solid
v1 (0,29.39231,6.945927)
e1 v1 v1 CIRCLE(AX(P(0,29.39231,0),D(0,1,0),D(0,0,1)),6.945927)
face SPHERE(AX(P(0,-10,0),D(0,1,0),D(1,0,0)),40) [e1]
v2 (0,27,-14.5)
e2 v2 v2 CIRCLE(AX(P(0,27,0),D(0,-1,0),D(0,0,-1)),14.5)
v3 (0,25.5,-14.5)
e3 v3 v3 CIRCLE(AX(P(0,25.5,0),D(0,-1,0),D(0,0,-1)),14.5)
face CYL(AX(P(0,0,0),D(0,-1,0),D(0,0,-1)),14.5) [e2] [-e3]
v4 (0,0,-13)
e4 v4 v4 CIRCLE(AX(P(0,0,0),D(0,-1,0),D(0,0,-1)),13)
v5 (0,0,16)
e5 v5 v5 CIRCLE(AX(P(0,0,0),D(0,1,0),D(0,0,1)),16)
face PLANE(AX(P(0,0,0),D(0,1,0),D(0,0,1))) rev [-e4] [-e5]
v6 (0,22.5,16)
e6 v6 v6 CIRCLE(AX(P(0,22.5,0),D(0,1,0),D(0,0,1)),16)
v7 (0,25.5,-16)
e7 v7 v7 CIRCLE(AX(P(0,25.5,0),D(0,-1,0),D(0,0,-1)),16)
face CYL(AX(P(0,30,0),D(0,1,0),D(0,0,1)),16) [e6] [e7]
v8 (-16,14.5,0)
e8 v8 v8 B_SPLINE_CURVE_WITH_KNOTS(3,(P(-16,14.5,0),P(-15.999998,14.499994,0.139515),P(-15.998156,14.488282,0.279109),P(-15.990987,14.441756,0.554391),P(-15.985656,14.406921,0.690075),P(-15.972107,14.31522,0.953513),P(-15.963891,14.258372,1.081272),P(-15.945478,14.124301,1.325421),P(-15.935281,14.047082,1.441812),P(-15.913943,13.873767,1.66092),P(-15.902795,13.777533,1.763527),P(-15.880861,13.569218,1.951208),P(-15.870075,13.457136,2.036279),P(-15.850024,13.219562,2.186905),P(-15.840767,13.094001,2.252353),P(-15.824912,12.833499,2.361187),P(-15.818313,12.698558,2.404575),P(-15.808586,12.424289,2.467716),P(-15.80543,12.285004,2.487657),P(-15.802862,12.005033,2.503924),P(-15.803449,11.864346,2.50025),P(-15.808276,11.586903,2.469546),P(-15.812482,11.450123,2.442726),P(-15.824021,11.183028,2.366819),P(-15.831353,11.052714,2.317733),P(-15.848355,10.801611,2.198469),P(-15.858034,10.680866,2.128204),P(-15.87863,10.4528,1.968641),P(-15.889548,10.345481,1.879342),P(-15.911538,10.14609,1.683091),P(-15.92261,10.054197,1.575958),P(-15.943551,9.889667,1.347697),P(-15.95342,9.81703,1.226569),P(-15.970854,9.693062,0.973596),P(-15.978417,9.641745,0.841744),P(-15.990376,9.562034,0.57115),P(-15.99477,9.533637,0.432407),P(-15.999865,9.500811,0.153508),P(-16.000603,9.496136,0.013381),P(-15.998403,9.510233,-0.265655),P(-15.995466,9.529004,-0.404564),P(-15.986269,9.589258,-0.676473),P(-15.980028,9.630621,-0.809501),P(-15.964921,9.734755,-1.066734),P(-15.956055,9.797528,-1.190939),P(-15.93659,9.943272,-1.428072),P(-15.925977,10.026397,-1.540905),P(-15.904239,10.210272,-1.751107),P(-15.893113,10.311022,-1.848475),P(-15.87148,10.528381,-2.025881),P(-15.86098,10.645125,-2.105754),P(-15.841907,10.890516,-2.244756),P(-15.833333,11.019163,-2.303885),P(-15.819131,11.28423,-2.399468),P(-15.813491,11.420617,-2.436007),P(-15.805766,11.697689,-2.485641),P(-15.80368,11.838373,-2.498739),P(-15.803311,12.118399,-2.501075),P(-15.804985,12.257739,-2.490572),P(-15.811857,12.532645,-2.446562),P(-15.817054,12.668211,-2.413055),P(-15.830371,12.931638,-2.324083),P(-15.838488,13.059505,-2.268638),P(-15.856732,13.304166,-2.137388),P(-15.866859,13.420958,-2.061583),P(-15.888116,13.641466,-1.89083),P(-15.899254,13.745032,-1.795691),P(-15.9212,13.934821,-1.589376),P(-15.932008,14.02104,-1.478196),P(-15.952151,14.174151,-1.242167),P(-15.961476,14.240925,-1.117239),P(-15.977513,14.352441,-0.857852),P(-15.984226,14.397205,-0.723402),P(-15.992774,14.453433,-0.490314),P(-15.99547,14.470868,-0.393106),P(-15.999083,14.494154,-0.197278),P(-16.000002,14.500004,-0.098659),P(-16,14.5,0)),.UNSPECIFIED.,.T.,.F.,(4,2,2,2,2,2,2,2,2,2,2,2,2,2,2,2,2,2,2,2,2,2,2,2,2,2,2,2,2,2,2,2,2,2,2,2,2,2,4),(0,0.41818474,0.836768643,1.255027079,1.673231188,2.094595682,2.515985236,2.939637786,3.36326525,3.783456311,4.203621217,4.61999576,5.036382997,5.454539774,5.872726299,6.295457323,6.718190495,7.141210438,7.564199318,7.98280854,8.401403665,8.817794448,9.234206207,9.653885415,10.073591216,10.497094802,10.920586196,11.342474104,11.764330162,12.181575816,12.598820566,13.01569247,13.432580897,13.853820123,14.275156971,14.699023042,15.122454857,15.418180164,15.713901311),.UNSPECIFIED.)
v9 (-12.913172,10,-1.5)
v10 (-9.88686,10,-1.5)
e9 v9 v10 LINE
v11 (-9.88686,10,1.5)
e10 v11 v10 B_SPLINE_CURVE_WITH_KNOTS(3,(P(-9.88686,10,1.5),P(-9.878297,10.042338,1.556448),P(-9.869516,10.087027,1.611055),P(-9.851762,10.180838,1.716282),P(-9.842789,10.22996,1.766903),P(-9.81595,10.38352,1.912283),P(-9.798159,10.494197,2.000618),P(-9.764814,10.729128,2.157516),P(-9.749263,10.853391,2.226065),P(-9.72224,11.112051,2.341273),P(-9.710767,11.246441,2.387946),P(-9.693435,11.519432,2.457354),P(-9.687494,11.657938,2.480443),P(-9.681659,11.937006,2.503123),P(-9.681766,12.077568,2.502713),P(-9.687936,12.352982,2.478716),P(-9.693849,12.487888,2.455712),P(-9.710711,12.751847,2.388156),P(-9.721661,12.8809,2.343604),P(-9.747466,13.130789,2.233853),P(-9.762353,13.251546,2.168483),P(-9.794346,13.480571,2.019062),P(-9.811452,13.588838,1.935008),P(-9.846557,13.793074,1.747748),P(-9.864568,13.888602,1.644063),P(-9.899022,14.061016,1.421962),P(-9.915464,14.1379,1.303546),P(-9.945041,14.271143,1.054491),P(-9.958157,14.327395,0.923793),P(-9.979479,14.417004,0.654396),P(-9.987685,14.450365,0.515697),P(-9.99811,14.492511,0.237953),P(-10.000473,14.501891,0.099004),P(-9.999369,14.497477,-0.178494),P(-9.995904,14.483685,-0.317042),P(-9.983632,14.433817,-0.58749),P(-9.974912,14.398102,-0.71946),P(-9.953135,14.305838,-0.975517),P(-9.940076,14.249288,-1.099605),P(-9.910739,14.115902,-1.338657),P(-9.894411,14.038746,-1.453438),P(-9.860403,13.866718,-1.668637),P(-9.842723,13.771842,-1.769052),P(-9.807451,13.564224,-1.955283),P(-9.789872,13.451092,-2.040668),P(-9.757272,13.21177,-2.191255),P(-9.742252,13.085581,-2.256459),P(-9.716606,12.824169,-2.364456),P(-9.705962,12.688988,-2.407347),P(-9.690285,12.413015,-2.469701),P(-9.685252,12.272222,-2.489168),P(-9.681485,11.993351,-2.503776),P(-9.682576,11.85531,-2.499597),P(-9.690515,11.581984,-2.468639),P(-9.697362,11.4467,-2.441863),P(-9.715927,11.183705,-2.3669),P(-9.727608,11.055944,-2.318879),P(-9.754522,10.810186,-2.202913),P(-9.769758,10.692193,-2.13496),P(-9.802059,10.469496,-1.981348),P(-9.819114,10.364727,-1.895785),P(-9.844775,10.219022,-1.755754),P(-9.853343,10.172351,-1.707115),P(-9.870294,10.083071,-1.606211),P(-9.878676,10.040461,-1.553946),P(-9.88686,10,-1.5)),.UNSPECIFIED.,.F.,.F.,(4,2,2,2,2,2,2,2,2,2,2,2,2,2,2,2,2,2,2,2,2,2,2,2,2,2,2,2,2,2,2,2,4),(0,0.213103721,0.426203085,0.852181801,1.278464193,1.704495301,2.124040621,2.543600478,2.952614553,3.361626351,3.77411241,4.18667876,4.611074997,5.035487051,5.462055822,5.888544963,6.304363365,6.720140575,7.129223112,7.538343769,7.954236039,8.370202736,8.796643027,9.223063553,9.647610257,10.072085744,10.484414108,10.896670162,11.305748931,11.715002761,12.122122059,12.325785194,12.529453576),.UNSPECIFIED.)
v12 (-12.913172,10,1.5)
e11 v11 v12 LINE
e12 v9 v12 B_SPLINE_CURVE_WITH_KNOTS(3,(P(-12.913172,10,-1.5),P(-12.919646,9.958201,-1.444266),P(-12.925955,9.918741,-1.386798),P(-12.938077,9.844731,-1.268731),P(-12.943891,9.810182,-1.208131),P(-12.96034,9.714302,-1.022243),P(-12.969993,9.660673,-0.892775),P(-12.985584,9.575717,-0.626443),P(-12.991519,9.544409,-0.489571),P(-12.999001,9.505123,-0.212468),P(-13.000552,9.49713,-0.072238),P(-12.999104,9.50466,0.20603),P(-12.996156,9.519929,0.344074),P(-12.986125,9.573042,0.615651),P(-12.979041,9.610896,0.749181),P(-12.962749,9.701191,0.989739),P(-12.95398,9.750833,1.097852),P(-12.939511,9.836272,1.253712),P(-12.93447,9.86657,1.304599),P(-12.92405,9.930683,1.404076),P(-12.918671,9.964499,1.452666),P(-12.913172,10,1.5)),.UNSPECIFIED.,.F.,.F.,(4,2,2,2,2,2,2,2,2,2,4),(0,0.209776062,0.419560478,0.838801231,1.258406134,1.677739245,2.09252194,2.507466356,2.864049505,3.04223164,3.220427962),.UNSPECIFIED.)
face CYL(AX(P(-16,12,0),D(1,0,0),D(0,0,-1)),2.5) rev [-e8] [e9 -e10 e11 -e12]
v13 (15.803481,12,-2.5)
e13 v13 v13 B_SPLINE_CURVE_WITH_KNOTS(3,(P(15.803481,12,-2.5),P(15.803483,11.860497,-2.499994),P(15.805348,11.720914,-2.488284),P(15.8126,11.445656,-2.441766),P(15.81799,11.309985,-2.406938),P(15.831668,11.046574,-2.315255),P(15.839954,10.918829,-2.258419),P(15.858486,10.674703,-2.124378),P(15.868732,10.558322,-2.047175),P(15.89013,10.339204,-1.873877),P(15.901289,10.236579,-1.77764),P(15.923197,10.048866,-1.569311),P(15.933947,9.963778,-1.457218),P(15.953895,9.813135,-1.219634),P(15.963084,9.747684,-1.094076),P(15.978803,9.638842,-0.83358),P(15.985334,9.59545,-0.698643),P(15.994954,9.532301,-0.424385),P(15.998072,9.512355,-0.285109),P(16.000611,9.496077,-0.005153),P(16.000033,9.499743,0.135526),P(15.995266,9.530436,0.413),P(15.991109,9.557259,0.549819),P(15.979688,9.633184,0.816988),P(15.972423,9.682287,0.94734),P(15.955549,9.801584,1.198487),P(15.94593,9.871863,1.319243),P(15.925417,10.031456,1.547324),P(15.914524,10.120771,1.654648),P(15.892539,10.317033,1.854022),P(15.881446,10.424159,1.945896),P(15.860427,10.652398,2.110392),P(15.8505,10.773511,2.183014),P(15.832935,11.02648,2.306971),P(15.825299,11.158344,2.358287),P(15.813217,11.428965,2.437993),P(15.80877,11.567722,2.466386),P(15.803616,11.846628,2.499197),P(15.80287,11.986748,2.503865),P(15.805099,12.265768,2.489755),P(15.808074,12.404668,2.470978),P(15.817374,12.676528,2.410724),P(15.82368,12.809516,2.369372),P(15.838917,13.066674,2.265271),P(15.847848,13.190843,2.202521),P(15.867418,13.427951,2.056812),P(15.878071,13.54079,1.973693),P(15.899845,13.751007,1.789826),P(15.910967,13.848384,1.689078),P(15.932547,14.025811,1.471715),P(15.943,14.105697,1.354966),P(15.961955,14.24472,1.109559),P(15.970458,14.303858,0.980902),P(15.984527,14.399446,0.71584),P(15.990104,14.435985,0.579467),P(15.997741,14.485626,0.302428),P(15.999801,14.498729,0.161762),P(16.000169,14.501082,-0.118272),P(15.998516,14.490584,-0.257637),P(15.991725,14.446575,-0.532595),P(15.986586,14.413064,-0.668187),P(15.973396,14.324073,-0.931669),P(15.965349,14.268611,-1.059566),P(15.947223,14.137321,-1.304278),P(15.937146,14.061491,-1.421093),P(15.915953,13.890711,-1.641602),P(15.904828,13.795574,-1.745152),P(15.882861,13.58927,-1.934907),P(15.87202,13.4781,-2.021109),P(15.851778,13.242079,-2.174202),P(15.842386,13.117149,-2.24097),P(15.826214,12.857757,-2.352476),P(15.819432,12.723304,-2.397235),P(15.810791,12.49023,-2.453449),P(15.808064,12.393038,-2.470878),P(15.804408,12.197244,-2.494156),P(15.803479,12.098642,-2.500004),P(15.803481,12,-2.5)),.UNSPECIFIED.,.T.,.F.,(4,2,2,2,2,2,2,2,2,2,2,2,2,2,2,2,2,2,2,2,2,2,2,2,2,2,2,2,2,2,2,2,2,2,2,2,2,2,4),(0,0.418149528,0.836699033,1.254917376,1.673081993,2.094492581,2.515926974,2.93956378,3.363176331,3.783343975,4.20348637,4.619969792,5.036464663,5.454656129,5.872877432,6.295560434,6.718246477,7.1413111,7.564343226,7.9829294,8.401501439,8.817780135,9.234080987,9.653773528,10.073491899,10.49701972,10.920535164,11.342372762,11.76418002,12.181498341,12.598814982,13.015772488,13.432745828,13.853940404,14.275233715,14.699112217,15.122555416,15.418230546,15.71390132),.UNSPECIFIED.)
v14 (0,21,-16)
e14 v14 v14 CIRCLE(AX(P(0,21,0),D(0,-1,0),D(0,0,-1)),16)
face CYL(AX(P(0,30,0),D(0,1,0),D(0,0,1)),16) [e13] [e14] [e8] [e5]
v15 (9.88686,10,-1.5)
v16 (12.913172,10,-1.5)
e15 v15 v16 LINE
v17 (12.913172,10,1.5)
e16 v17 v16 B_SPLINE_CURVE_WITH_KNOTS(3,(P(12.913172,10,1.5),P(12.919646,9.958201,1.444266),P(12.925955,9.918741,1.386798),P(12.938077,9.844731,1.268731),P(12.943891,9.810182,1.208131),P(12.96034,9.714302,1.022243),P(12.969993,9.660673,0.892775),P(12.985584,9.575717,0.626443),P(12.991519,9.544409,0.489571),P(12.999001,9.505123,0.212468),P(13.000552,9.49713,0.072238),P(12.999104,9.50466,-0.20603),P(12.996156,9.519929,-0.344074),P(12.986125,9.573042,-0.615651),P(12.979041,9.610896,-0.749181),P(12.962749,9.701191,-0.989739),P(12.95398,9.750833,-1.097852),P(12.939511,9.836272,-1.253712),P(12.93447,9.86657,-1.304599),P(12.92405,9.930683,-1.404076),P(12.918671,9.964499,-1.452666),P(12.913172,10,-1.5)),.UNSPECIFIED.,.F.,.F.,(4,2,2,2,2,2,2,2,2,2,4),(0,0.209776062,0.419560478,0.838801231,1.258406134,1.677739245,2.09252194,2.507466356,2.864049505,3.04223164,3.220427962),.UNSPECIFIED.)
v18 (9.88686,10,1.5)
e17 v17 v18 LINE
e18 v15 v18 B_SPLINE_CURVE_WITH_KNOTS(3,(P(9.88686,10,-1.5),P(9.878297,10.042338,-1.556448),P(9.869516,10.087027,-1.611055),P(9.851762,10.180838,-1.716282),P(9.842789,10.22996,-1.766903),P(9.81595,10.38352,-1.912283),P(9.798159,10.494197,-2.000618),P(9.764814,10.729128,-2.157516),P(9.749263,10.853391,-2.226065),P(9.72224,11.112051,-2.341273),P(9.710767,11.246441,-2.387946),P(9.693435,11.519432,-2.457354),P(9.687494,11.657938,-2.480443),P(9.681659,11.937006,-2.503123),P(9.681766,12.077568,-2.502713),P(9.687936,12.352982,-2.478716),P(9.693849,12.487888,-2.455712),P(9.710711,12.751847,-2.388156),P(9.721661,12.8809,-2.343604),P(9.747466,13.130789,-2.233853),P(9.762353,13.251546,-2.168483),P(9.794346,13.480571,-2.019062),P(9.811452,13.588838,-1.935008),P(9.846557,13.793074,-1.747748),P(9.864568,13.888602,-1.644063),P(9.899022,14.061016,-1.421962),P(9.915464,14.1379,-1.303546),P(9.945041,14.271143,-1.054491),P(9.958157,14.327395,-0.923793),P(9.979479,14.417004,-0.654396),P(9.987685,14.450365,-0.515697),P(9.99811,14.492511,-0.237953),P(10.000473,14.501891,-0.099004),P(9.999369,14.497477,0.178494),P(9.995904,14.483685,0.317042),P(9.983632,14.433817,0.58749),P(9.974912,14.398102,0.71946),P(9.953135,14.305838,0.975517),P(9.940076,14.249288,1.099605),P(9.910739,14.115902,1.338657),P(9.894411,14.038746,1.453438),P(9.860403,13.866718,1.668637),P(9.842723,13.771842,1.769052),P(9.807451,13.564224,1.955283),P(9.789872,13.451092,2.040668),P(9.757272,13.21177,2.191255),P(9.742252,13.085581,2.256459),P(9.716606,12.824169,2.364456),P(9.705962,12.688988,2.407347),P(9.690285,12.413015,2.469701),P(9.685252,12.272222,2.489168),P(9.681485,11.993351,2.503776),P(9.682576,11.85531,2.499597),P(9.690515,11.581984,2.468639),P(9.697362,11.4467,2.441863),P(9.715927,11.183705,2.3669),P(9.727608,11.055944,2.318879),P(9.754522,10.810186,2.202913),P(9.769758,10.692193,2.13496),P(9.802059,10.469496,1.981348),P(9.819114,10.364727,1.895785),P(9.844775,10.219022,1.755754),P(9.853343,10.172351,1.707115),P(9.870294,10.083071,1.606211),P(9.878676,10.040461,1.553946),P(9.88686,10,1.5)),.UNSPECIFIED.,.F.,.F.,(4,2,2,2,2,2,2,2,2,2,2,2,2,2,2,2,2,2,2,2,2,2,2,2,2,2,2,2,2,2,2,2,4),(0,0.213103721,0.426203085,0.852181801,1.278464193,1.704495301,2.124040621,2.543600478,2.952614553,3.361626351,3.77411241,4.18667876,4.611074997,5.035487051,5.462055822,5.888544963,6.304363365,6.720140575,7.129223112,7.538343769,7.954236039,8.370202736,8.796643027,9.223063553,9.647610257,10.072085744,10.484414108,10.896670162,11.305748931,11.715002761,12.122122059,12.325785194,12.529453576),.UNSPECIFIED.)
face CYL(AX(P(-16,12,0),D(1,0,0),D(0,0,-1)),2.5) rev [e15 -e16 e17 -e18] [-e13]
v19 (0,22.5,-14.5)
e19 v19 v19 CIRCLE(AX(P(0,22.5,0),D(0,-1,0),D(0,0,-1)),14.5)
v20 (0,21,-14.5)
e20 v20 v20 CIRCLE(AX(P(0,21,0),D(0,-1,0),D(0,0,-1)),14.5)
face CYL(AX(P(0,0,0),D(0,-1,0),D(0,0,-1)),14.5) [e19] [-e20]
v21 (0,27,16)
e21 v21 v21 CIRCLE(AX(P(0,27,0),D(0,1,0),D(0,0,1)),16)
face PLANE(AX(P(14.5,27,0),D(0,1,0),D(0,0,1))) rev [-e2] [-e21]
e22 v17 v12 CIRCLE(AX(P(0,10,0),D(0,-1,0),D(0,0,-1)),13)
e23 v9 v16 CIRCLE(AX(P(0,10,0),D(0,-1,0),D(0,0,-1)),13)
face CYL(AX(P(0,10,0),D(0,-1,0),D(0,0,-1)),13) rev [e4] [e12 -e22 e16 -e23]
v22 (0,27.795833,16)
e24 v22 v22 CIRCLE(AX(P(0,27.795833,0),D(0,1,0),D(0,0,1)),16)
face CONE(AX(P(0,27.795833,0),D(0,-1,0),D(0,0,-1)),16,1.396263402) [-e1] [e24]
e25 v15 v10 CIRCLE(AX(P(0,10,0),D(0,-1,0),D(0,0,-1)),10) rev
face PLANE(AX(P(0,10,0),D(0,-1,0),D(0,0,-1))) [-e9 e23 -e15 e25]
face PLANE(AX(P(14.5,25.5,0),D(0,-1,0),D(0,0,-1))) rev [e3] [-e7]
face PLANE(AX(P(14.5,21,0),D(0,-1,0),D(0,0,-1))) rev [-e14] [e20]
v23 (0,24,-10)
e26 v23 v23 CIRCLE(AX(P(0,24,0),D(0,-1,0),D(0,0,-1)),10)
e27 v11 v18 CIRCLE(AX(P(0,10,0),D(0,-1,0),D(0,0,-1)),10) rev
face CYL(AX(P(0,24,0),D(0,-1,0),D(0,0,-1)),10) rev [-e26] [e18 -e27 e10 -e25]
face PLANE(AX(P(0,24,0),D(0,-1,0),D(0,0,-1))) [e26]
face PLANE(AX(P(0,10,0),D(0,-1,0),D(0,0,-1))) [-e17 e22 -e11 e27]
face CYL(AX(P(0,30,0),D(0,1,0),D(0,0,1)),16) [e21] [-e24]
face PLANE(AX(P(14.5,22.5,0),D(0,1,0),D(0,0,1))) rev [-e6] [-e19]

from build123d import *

# Parameters (mm, degrees)
SKETCH2_W               = 4.283382974
SKETCH2_H               = 1.5
SKETCH2_W_2             = 4.601745397
SKETCH3_R               = 10
CUT_EXTRUDE1_DEPTH      = 24
SKETCH4_R               = 13
CUT_EXTRUDE2_DEPTH      = 10
SKETCH5_R               = 2.5
CUT_EXTRUDE3_DEPTH      = 17
CUT_EXTRUDE3_DEPTH_BACK = 17


with BuildPart() as part:
    # Sketch1 → Revolve1 (revolve)
    with BuildSketch(Plane.XY):
        with BuildLine():
            Line((0, 0), (16, 0))
            Line((16, 0), (16, 27.795832784))
            Line((16, 27.795832784), (6.945927107, 29.39231012))
            ThreePointArc((6.945927107, 29.39231012), (3.48622971, 29.847787924), (0, 30))
            Line((0, 30), (0, 0))
        make_face()
    revolve(axis=Axis((0, 30, 0), (0, -1, 0)))

    # Sketch2 → Cut-Revolve1 (revolve, cut)
    with BuildSketch(Plane.XY):
        with Locations((16.641691487, 26.25)):
            Rectangle(SKETCH2_W, SKETCH2_H)
        with Locations((16.800872699, 21.75)):
            Rectangle(SKETCH2_W_2, SKETCH2_H)
    revolve(axis=Axis((0, 0, 0), (0, 1, 0)), mode=Mode.SUBTRACT)

    # Sketch3 → Cut-Extrude1 (cut)
    with BuildSketch(Plane.XZ):
        Circle(SKETCH3_R)
    extrude(amount=-CUT_EXTRUDE1_DEPTH, mode=Mode.SUBTRACT)

    # Sketch4 → Cut-Extrude2 (cut)
    with BuildSketch(Plane.XZ):
        Circle(SKETCH4_R)
    extrude(amount=-CUT_EXTRUDE2_DEPTH, mode=Mode.SUBTRACT)

    # Sketch5 → Cut-Extrude3 (cut, two sides)
    with BuildSketch(Plane(origin=(0, 0, 0), x_dir=(0, 0, -1), z_dir=(1, 0, 0))) as cut_extrude3_sk:
        with Locations((0, 12)):
            Circle(SKETCH5_R)
    extrude(amount=CUT_EXTRUDE3_DEPTH, mode=Mode.SUBTRACT)
    extrude(cut_extrude3_sk.sketch, amount=-CUT_EXTRUDE3_DEPTH_BACK, mode=Mode.SUBTRACT)


solid = part.part
